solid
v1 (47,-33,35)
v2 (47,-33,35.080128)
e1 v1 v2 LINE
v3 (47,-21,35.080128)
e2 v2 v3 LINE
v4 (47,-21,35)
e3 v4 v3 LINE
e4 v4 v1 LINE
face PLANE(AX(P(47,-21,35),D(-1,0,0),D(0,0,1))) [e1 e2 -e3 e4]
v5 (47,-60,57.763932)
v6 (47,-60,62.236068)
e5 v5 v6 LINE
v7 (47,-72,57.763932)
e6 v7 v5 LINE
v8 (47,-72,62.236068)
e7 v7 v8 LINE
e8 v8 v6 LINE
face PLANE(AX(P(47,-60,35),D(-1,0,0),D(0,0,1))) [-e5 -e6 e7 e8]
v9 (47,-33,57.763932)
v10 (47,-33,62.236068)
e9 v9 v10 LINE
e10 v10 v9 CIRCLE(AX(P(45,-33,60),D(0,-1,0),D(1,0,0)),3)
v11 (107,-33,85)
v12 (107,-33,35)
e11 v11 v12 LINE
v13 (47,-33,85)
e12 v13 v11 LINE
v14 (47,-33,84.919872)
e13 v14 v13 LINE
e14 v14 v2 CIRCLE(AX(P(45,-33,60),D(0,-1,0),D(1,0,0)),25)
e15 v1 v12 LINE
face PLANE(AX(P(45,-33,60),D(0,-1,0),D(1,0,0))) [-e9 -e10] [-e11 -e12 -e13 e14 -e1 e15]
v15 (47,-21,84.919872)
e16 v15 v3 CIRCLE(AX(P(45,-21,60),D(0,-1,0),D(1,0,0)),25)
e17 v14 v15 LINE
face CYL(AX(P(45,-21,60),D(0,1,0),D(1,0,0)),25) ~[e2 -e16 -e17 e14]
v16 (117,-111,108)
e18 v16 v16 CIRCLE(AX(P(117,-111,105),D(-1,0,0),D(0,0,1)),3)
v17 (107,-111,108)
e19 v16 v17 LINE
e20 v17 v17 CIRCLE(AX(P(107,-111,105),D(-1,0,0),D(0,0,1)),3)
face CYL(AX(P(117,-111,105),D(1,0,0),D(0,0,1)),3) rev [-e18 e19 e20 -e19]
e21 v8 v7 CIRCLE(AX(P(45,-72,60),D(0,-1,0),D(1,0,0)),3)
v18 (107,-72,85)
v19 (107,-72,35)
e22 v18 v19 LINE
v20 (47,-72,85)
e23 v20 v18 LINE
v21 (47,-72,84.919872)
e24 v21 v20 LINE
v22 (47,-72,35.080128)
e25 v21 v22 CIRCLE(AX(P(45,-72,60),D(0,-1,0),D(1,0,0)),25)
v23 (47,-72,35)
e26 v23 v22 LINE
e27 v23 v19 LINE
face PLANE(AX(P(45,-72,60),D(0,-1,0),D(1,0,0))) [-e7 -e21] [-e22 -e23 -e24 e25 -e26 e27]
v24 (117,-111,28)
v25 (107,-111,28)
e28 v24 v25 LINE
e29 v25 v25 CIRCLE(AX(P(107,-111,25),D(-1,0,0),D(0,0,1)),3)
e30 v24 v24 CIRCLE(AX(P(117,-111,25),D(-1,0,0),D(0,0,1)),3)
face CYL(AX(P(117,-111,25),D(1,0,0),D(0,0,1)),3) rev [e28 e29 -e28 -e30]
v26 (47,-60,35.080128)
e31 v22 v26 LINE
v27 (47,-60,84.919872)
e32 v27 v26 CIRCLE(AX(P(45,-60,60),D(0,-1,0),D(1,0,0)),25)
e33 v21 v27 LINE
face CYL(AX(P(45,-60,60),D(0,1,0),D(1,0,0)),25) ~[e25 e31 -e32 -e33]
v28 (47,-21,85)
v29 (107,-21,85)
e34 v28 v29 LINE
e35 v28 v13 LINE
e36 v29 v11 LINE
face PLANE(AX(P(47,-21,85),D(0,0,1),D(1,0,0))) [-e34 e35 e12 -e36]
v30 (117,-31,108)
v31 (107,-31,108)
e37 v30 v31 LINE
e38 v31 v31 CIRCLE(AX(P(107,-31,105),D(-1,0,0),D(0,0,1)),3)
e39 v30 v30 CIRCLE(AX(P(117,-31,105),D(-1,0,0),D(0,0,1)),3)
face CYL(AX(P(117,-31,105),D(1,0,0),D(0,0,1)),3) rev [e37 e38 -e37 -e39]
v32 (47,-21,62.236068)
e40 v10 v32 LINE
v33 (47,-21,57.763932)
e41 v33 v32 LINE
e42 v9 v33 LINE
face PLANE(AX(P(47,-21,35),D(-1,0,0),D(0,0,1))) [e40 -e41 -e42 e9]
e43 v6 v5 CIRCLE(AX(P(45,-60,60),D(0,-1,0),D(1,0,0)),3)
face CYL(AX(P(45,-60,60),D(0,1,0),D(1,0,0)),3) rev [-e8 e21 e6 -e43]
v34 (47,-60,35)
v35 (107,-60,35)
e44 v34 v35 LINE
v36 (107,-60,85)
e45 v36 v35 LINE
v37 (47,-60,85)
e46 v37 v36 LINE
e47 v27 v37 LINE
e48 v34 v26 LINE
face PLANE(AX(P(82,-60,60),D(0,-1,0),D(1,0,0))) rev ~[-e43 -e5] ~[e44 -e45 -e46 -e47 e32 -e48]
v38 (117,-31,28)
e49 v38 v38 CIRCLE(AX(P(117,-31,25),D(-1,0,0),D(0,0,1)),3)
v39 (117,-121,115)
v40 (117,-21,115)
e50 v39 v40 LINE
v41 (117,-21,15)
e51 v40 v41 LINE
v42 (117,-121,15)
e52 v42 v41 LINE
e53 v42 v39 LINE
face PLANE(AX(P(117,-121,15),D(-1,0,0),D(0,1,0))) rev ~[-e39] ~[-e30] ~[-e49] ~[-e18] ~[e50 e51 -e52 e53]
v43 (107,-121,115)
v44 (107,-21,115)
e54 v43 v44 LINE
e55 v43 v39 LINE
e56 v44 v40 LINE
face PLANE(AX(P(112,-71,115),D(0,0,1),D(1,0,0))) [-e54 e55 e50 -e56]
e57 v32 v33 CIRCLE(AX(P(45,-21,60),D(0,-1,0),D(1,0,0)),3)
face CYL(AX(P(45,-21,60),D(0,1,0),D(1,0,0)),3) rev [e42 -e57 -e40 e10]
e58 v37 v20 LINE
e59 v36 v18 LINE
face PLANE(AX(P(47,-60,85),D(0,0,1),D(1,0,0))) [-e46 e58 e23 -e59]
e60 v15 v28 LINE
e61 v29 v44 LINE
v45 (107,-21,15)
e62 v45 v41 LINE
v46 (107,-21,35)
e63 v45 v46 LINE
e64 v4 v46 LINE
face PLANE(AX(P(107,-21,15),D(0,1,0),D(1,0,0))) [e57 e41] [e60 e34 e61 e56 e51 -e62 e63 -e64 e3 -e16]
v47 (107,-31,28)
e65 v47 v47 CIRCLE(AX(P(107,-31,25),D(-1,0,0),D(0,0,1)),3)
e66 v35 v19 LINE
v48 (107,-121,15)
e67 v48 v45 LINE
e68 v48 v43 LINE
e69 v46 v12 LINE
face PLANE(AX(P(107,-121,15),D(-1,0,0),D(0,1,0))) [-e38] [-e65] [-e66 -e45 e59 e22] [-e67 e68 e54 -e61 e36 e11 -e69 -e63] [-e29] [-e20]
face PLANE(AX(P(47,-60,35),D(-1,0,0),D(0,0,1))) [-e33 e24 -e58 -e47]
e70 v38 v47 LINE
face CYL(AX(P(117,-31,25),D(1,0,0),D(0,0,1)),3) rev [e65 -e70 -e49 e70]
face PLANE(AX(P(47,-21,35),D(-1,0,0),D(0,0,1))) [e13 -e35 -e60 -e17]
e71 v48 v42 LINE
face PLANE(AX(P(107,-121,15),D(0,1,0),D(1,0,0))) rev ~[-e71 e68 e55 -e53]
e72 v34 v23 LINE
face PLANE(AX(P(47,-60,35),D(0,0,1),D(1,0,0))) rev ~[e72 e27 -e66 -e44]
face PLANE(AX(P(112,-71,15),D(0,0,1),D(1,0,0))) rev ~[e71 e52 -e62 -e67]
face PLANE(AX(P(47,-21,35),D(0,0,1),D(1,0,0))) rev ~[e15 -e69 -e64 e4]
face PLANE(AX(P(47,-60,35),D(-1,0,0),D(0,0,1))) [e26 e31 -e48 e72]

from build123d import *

# Parameters (mm, degrees)
CYLINDER043_R             = 3
CYLINDER043_DEPTH         = 10
CYLINDER042_R             = 3
CYLINDER042_DEPTH         = 10
CYLINDER041_R             = 3
CYLINDER041_DEPTH         = 10
CYLINDER044_R             = 3
CYLINDER044_DEPTH         = 10
CYLINDER019_R             = 3
CYLINDER019_DEPTH         = 12
CYLINDER018_R             = 25
CYLINDER018_DEPTH         = 12
BOX016_W                  = 70
BOX016_H                  = 50
BOX016_DEPTH              = 12
FUSION009_PLACEMENT_ANGLE = 90
BOX017_W                  = 10
BOX017_H                  = 100
BOX017_DEPTH              = 100
CYLINDER017_R             = 3
CYLINDER017_DEPTH         = 12
CYLINDER016_R             = 25
CYLINDER016_DEPTH         = 12
BOX015_W                  = 70
BOX015_H                  = 50
BOX015_DEPTH              = 12
FUSION008_PLACEMENT_ANGLE = 90


with BuildPart() as cilindro030:
    # Cylinder043 → Cylinder043 (new body)
    with BuildSketch(Plane(origin=(117, -31, 25), x_dir=(0, 0, 1), z_dir=(-1, 0, 0))):
        Circle(CYLINDER043_R)
    extrude(amount=CYLINDER043_DEPTH)


with BuildPart() as cilindro029:
    # Cylinder042 → Cylinder042 (new body)
    with BuildSketch(Plane(origin=(117, -111, 25), x_dir=(0, 0, 1), z_dir=(-1, 0, 0))):
        Circle(CYLINDER042_R)
    extrude(amount=CYLINDER042_DEPTH)


with BuildPart() as cilindro028:
    # Cylinder041 → Cylinder041 (new body)
    with BuildSketch(Plane(origin=(117, -31, 105), x_dir=(0, 0, 1), z_dir=(-1, 0, 0))):
        Circle(CYLINDER041_R)
    extrude(amount=CYLINDER041_DEPTH)


with BuildPart() as afu_tornillos:
    # Cylinder044 → Cylinder044 (new body)
    with BuildSketch(Plane(origin=(117, -111, 105), x_dir=(0, 0, 1), z_dir=(-1, 0, 0))):
        Circle(CYLINDER044_R)
    extrude(amount=CYLINDER044_DEPTH)

    # Fusion022: union Cilindro030, Cilindro029, Cilindro028
    add(cilindro030.part)
    add(cilindro029.part)
    add(cilindro028.part)


with BuildPart() as cilindro011:
    # Cylinder019 → Cylinder019 (new body)
    with BuildSketch(Plane(origin=(29, -45, -13), x_dir=(1, 0, 0), z_dir=(0, 0, 1))):
        Circle(CYLINDER019_R)
    extrude(amount=CYLINDER019_DEPTH)


with BuildPart() as cut018:
    # Cylinder018 → Cylinder018 (new body)
    with BuildSketch(Plane(origin=(29, -45, -13), x_dir=(1, 0, 0), z_dir=(0, 0, 1))):
        Circle(CYLINDER018_R)
    extrude(amount=CYLINDER018_DEPTH)

    # Cut018: cut Cilindro011
    add(cilindro011.part, mode=Mode.SUBTRACT)


with BuildPart() as lateral001:
    # Box016 → Box016 (new body)
    with BuildSketch(Plane(origin=(31, -70, -13), x_dir=(1, 0, 0), z_dir=(0, 0, 1))):
        with Locations((35, 25)):
            Rectangle(BOX016_W, BOX016_H)
    extrude(amount=BOX016_DEPTH)

    # Fusion009: union Cut018
    add(cut018.part)


with BuildPart() as lateral001_1:
    # Fusion009 placement: moved
    add(lateral001.part.moved(Location((16, -73, 105))).rotate(Axis((16, -73, 105), (1, 0, 0)), FUSION009_PLACEMENT_ANGLE))


with BuildPart() as baseejez:
    # Box017 → Box017 (new body)
    with BuildSketch(Plane(origin=(107, -121, 15), x_dir=(1, 0, 0), z_dir=(0, 0, 1))):
        with Locations((5, 50)):
            Rectangle(BOX017_W, BOX017_H)
    extrude(amount=BOX017_DEPTH)


with BuildPart() as cilindro009:
    # Cylinder017 → Cylinder017 (new body)
    with BuildSketch(Plane(origin=(29, -45, -13), x_dir=(1, 0, 0), z_dir=(0, 0, 1))):
        Circle(CYLINDER017_R)
    extrude(amount=CYLINDER017_DEPTH)


with BuildPart() as cut017:
    # Cylinder016 → Cylinder016 (new body)
    with BuildSketch(Plane(origin=(29, -45, -13), x_dir=(1, 0, 0), z_dir=(0, 0, 1))):
        Circle(CYLINDER016_R)
    extrude(amount=CYLINDER016_DEPTH)

    # Cut017: cut Cilindro009
    add(cilindro009.part, mode=Mode.SUBTRACT)


with BuildPart() as cut038:
    # Box015 → Box015 (new body)
    with BuildSketch(Plane(origin=(31, -70, -13), x_dir=(1, 0, 0), z_dir=(0, 0, 1))):
        with Locations((35, 25)):
            Rectangle(BOX015_W, BOX015_H)
    extrude(amount=BOX015_DEPTH)

    # Fusion008: union Cut017
    add(cut017.part)


with BuildPart() as cut038_1:
    # Fusion008 placement: moved
    add(cut038.part.moved(Location((16, -34, 105))).rotate(Axis((16, -34, 105), (1, 0, 0)), FUSION008_PLACEMENT_ANGLE))

    # Fusion020: union lateral001, BaseEjeZ
    add(lateral001_1.part)
    add(baseejez.part)

    # Cut038: cut Afu tornillos
    add(afu_tornillos.part, mode=Mode.SUBTRACT)


solid = cut038_1.part
